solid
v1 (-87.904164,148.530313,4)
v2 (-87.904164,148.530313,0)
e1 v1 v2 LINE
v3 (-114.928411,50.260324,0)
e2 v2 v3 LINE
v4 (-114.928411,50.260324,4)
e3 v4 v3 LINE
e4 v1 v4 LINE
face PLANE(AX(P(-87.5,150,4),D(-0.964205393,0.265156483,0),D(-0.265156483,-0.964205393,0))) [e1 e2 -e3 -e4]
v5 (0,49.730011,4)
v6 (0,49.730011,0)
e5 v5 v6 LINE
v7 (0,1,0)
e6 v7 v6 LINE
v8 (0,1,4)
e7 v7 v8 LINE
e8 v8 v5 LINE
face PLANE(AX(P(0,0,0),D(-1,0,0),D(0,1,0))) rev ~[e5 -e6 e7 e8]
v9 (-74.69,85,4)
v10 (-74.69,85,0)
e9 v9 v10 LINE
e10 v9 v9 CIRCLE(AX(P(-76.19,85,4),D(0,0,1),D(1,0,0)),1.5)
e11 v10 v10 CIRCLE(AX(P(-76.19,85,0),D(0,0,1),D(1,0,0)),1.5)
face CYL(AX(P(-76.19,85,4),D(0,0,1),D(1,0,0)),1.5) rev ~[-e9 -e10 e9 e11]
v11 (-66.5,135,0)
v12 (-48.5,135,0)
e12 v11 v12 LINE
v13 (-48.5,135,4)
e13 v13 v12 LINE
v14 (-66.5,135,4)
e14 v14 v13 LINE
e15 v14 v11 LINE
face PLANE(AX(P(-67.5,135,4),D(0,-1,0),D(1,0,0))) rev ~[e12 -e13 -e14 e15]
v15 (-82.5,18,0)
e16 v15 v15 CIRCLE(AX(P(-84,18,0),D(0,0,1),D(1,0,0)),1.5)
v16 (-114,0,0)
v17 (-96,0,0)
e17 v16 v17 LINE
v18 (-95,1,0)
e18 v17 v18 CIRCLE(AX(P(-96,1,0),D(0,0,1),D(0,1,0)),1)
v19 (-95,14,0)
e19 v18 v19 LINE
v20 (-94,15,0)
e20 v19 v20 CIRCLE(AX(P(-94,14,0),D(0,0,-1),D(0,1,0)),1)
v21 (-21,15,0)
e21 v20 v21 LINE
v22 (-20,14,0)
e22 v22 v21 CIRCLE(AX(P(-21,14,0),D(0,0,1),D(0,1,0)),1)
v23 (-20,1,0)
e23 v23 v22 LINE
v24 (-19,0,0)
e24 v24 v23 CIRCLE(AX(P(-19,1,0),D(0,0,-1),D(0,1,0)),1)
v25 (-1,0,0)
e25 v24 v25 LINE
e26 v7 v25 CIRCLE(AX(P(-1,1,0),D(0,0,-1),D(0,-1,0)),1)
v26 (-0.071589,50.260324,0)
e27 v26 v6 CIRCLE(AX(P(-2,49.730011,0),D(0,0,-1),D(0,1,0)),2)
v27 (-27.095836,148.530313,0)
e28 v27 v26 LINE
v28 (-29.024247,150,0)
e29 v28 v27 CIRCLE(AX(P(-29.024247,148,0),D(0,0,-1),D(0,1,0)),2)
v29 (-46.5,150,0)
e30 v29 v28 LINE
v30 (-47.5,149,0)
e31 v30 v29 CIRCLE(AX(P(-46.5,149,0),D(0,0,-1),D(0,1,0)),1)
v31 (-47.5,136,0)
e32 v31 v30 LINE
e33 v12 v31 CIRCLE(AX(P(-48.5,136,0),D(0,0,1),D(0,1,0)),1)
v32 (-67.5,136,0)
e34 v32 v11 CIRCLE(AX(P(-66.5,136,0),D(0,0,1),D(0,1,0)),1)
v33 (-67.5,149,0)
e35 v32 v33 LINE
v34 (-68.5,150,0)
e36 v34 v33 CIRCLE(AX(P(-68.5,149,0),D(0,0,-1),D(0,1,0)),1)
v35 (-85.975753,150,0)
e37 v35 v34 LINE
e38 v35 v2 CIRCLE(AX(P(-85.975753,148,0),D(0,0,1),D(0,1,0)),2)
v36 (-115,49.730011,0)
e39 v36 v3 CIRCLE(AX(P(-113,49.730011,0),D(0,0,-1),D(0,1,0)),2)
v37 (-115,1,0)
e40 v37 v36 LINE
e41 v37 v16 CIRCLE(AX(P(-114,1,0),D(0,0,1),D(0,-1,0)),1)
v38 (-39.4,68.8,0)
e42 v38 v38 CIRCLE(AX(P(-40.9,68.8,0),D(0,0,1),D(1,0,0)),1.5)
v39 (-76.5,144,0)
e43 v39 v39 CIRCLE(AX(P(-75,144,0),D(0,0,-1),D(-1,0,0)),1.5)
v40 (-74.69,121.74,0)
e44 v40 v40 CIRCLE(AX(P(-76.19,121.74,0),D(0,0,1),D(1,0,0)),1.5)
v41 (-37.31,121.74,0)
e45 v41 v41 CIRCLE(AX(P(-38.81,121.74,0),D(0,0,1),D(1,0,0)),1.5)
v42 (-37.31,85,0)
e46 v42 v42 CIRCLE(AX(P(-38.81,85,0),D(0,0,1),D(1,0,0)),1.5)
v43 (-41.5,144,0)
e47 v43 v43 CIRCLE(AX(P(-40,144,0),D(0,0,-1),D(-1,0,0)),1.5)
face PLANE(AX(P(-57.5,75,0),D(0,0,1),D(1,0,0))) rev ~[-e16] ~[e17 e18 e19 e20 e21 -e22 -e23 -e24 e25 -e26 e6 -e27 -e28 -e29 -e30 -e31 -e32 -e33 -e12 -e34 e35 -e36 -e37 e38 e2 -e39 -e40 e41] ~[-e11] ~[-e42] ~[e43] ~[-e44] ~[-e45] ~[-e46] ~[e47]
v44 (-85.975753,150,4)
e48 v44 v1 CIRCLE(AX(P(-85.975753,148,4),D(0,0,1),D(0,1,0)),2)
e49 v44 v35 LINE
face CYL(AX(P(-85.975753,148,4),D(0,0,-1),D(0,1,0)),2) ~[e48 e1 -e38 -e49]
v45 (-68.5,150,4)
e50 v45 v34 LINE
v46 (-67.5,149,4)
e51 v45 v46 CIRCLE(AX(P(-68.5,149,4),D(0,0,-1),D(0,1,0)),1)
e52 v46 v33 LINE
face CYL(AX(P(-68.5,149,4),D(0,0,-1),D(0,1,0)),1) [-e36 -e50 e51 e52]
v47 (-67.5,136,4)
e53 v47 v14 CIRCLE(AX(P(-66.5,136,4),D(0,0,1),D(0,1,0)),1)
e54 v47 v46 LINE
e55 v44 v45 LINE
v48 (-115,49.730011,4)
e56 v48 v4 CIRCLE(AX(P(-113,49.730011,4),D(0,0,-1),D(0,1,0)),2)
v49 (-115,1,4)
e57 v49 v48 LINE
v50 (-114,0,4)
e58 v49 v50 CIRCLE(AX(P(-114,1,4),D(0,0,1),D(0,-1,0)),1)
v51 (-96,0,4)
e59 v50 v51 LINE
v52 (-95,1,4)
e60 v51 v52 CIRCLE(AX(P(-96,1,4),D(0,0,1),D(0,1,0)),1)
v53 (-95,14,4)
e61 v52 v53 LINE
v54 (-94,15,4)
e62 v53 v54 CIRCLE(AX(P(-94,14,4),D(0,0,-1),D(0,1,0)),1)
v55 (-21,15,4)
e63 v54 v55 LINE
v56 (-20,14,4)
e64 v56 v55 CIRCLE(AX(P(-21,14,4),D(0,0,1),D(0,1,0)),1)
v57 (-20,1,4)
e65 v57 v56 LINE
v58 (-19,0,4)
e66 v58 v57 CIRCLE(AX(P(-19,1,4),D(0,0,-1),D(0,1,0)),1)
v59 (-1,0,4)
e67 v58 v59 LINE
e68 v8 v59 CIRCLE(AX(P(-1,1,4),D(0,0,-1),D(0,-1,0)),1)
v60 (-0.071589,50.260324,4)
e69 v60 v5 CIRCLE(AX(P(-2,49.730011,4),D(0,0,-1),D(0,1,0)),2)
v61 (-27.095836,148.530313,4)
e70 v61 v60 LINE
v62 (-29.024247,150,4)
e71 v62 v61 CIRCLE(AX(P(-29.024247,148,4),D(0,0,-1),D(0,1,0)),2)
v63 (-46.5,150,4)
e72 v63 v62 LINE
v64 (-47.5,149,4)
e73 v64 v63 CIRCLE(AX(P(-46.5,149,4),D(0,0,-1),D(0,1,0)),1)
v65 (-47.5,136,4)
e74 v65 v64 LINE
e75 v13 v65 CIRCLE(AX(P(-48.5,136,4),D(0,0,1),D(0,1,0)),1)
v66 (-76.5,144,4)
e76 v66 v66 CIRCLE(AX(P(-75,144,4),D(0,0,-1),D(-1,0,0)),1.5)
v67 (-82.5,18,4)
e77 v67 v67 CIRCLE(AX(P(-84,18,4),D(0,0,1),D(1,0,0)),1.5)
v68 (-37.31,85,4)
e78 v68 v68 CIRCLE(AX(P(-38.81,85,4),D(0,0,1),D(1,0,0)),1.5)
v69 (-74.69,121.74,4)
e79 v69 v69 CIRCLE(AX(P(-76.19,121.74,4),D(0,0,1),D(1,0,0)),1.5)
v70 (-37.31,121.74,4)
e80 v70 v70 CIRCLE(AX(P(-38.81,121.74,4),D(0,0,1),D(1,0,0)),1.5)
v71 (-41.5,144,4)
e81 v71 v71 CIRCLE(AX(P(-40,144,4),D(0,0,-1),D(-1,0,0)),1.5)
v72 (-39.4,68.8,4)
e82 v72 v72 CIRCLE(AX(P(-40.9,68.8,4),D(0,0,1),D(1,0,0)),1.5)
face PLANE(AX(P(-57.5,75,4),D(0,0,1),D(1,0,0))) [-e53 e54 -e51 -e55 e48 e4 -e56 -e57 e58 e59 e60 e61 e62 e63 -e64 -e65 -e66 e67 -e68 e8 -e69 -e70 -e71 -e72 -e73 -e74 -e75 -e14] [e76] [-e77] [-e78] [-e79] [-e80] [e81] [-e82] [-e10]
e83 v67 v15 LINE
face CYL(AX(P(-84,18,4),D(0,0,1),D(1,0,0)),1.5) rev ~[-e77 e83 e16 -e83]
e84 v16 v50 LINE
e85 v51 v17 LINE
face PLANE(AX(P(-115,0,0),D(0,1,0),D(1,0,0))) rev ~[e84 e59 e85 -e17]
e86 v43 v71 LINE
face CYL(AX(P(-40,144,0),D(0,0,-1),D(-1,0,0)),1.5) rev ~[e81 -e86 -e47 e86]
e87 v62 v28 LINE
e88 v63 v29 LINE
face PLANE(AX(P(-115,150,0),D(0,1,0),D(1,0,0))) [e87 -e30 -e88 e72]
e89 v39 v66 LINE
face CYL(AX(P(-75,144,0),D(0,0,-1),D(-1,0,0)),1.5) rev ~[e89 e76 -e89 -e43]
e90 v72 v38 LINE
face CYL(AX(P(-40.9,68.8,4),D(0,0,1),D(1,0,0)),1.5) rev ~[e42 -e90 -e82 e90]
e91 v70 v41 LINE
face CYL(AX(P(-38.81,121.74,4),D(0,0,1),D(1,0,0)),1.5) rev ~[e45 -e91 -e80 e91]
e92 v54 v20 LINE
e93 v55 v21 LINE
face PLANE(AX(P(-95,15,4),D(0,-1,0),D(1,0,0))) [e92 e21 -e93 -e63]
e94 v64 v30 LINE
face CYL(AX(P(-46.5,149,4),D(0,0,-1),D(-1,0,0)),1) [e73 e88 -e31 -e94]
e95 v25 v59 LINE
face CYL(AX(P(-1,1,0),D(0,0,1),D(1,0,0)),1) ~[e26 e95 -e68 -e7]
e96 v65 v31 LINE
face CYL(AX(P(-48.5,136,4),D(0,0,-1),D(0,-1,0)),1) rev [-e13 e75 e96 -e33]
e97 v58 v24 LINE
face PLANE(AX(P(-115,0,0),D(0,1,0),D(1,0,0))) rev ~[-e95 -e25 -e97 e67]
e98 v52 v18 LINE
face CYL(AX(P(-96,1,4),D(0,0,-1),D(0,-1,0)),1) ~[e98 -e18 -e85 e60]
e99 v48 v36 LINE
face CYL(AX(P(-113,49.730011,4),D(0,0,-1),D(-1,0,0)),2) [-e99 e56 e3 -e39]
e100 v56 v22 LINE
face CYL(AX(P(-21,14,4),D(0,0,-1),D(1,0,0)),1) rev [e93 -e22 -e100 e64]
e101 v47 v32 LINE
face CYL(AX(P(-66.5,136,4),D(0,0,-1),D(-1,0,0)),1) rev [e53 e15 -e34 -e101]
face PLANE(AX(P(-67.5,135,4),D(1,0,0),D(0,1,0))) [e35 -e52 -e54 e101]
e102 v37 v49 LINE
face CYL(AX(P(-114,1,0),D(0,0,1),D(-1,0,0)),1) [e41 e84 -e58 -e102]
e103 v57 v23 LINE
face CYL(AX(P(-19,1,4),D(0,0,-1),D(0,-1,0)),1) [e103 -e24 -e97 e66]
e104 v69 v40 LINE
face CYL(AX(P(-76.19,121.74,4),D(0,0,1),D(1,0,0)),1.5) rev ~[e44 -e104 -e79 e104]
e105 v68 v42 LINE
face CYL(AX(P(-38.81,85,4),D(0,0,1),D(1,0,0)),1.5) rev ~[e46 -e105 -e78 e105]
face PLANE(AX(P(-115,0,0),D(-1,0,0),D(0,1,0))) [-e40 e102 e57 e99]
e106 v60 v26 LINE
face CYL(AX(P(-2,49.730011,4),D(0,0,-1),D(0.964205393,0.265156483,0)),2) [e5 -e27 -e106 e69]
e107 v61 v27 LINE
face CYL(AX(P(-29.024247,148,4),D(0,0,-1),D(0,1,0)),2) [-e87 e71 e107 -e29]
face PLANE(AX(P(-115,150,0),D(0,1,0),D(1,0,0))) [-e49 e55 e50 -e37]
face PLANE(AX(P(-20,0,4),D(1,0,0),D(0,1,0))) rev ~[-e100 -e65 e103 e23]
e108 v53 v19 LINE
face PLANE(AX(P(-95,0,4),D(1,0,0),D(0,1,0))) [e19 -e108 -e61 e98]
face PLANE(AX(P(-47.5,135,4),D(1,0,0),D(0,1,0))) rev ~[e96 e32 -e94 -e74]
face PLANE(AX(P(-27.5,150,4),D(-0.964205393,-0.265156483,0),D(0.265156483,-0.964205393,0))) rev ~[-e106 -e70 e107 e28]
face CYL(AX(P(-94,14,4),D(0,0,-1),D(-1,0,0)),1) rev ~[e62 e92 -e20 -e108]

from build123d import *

# Parameters (mm, degrees)
SKETCH6_W           = 115
SKETCH6_H           = 150
BOSS_EXTRUDE2_DEPTH = 4
SKETCH7_W           = 75
SKETCH7_H           = 15
CUT_EXTRUDE1_DEPTH  = 5
FILLET1_R           = 1
SKETCH8_W           = 10
SKETCH8_H           = 15
CUT_EXTRUDE2_DEPTH  = 5
FILLET2_R           = 1
CUT_EXTRUDE3_DEPTH  = 5
FILLET3_R           = 2
SKETCH14_R          = 1.5
CUT_EXTRUDE4_DEPTH  = 5
SKETCH17_R          = 1.5
CUT_EXTRUDE6_DEPTH  = 5
SKETCH18_R          = 1.5
CUT_EXTRUDE7_DEPTH  = 5


with BuildPart() as part:
    # Sketch6 → Boss-Extrude2 (new body)
    with BuildSketch(Plane.XY):
        with Locations((-57.5, 75)):
            Rectangle(SKETCH6_W, SKETCH6_H)
    extrude(amount=BOSS_EXTRUDE2_DEPTH)

    # Sketch7 → Cut-Extrude1 (cut, through all)
    with BuildSketch(Plane.XY.offset(4)):
        with Locations((-57.5, 7.5)):
            Rectangle(SKETCH7_W, SKETCH7_H)
    extrude(amount=-CUT_EXTRUDE1_DEPTH, mode=Mode.SUBTRACT)

    # Fillet1
    fillet1_edges = [part.edges().sort_by_distance(p)[0] for p in [
        (-95, 0, 2),
        (-95, 15, 2),
        (-20, 15, 2),
        (-20, 0, 2),
        (0, 0, 2),
        (-115, 0, 2),
    ]]
    fillet(fillet1_edges, radius=FILLET1_R)

    # Sketch8 → Cut-Extrude2 (cut, through all)
    with BuildSketch(Plane.XY.offset(4)):
        with Locations((-62.5, 142.5)):
            Rectangle(SKETCH8_W, SKETCH8_H)
        with Locations((-52.5, 142.5)):
            Rectangle(SKETCH8_W, SKETCH8_H)
    extrude(amount=-CUT_EXTRUDE2_DEPTH, mode=Mode.SUBTRACT)

    # Fillet2
    fillet2_edges = [part.edges().sort_by_distance(p)[0] for p in [
        (-67.5, 135, 2),
        (-67.5, 150, 2),
        (-47.5, 150, 2),
        (-47.5, 135, 2),
    ]]
    fillet(fillet2_edges, radius=FILLET2_R)

    # Sketch11 → Cut-Extrude3 (cut, through all)
    with BuildSketch(Plane.XY.offset(4)):
        Polygon((-87.5, 150), (-115, 50), (-115, 150), align=None)
        Polygon((0, 50), (0, 150), (-27.5, 150), align=None)
    extrude(amount=-CUT_EXTRUDE3_DEPTH, mode=Mode.SUBTRACT)

    # Fillet3
    fillet3_edges = [part.edges().sort_by_distance(p)[0] for p in [
        (0, 50, 2),
        (-27.5, 150, 2),
        (-87.5, 150, 2),
        (-115, 50, 2),
    ]]
    fillet(fillet3_edges, radius=FILLET3_R)

    # Sketch14 → Cut-Extrude4 (cut, through all)
    with BuildSketch(Plane(origin=(0, 0, 0), x_dir=(-1, 0, 0), z_dir=(0, 0, -1))):
        with Locations((40, 144)):
            Circle(SKETCH14_R)
        with Locations((75, 144)):
            Circle(SKETCH14_R)
    extrude(amount=-CUT_EXTRUDE4_DEPTH, mode=Mode.SUBTRACT)

    # Sketch17 → Cut-Extrude6 (cut, through all)
    with BuildSketch(Plane.XY.offset(4)):
        with Locations((-76.19, 121.74)):
            Circle(SKETCH17_R)
        with Locations((-38.81, 121.74)):
            Circle(SKETCH17_R)
        with Locations((-76.19, 85)):
            Circle(SKETCH17_R)
        with Locations((-38.81, 85)):
            Circle(SKETCH17_R)
    extrude(amount=-CUT_EXTRUDE6_DEPTH, mode=Mode.SUBTRACT)

    # Sketch18 → Cut-Extrude7 (cut, through all)
    with BuildSketch(Plane.XY.offset(4)):
        with Locations((-84, 18)):
            Circle(SKETCH18_R)
        with Locations((-40.9, 68.8)):
            Circle(SKETCH18_R)
    extrude(amount=-CUT_EXTRUDE7_DEPTH, mode=Mode.SUBTRACT)


solid = part.part
